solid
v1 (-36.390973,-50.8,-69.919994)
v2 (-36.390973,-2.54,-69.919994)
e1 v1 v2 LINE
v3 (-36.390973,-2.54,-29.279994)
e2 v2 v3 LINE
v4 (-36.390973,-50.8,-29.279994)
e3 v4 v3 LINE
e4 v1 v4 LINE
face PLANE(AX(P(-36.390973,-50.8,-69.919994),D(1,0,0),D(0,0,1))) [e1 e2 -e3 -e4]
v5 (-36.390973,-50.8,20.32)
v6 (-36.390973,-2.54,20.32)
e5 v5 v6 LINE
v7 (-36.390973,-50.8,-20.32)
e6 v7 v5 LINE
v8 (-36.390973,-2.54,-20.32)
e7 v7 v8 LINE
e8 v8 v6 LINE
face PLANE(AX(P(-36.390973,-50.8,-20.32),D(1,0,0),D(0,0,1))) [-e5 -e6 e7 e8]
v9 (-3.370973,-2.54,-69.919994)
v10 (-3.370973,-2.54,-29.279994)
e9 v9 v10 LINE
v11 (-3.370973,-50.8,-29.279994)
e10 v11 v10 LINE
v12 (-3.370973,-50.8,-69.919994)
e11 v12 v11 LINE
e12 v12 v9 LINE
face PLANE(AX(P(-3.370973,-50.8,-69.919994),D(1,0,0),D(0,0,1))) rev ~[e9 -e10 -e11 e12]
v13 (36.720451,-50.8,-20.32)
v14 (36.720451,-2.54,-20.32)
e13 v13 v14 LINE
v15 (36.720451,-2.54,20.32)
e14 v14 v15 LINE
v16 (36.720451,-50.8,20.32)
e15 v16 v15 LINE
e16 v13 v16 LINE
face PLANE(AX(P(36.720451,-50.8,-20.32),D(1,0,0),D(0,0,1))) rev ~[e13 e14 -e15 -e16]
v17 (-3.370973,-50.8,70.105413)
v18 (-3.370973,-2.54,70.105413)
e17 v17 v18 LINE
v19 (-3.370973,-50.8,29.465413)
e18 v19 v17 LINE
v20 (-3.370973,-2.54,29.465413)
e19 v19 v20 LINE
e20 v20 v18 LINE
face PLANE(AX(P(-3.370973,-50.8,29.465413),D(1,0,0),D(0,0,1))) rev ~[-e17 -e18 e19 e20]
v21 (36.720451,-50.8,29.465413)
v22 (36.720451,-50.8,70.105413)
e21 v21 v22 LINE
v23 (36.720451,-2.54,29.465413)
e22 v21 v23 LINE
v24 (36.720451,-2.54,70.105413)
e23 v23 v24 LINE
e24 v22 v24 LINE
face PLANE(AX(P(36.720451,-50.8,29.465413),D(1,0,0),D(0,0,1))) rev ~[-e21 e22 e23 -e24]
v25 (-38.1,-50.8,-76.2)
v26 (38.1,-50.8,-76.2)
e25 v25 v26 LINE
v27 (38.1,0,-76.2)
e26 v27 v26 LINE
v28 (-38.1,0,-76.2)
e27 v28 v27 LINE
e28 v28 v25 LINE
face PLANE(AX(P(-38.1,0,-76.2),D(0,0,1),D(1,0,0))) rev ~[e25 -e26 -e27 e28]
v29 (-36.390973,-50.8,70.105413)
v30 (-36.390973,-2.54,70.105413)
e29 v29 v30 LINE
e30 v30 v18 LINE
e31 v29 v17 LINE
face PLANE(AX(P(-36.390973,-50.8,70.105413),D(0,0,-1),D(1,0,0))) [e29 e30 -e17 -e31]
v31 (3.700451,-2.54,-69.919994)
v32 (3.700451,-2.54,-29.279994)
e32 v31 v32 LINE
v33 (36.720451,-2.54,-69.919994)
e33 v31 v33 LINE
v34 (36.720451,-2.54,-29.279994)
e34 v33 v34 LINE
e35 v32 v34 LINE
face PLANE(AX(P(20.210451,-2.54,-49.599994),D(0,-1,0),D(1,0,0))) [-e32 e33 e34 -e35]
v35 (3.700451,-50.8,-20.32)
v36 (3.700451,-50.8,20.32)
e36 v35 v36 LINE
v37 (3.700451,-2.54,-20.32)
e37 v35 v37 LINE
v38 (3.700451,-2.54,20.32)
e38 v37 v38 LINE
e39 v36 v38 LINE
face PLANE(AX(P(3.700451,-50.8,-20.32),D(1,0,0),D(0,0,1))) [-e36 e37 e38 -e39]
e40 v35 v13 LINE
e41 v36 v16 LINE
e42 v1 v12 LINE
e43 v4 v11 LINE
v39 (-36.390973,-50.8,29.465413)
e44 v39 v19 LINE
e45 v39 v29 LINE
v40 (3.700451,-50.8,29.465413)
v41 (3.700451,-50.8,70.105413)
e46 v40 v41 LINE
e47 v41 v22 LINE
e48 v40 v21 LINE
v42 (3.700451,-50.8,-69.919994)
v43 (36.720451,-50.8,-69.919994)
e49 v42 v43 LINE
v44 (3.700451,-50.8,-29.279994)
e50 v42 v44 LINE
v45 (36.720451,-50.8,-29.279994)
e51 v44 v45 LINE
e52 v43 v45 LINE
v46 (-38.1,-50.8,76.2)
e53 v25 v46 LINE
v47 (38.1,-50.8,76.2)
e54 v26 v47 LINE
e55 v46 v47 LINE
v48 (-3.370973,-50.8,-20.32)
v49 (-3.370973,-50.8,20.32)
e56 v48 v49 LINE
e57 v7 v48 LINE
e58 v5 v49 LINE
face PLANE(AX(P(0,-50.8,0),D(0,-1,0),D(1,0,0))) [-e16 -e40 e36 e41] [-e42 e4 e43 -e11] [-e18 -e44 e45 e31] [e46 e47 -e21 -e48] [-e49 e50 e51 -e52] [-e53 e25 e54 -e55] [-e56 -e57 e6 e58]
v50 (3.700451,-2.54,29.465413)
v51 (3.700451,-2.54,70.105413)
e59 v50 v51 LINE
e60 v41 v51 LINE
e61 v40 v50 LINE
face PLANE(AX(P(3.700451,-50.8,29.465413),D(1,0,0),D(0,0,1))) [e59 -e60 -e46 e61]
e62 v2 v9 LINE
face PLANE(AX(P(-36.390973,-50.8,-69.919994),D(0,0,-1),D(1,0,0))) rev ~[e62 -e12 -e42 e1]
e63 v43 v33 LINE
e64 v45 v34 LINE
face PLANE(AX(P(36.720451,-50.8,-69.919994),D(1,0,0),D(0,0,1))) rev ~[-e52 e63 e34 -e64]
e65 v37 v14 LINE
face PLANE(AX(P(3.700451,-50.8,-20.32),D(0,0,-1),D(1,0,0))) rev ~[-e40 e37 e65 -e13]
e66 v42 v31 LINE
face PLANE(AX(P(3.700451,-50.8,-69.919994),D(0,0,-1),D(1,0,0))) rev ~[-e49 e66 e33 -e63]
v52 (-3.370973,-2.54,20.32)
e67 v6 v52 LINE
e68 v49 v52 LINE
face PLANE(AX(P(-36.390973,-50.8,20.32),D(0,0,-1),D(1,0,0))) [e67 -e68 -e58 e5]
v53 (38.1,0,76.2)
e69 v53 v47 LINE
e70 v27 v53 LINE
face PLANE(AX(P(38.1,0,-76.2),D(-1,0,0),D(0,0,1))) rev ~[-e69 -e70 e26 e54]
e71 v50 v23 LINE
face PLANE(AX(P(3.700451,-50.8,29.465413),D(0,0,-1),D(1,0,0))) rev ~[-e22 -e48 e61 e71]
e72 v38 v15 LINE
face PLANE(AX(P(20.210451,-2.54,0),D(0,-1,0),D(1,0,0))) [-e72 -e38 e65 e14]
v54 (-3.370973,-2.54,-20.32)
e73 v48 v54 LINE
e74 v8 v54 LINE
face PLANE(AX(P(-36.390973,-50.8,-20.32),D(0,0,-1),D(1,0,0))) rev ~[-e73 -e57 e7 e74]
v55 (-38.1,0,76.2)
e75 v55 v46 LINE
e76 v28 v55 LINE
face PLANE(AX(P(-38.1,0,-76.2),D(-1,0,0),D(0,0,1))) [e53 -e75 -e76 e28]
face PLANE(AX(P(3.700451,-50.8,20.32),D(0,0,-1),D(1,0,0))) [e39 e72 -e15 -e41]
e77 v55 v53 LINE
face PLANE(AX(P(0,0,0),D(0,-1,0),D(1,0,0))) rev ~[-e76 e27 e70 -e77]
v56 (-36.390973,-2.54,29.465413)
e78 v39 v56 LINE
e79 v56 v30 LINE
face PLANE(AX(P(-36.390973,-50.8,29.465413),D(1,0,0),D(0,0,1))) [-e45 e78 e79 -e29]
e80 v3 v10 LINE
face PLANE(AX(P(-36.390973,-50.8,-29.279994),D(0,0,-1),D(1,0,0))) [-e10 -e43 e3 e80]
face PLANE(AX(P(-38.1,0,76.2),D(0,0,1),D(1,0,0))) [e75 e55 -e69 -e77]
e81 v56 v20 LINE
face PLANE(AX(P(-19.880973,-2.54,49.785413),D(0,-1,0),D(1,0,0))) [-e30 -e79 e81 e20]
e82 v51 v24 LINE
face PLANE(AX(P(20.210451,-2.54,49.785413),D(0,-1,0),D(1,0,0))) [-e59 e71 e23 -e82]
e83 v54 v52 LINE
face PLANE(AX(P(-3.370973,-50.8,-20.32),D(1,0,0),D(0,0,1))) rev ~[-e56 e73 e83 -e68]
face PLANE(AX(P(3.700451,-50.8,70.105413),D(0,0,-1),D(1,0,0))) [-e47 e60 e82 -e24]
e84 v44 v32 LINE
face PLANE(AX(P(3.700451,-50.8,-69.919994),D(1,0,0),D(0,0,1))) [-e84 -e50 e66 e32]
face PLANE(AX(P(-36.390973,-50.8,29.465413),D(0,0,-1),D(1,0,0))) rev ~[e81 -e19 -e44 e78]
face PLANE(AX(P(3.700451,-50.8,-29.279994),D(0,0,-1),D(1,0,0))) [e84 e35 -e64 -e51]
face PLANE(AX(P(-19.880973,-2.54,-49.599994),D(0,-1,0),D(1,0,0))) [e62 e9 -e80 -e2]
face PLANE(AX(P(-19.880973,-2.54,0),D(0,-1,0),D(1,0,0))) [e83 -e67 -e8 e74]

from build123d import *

# Parameters (mm, degrees)
F0_W     = 76.2
F0_H     = 152.4
F1_DEPTH = 50.8
F2_W     = 33.02
F2_H     = 40.64
F3_DEPTH = 48.26


with BuildPart() as f1:
    # F0 (on Front) → F1 (new body)
    with BuildSketch(Plane.XZ):
        Rectangle(F0_W, F0_H)
    extrude(amount=F1_DEPTH)

    # F2 (on face) → F3 (cut)
    with BuildSketch(Plane.XZ.offset(50.8)):
        with Locations((-19.880973, 49.785413)):
            Rectangle(F2_W, F2_H)
        with Locations((20.210451, 49.785413)):
            Rectangle(F2_W, F2_H)
        with Locations((-19.880973, 0)):
            Rectangle(F2_W, F2_H)
        with Locations((20.210451, 0)):
            Rectangle(F2_W, F2_H)
        with Locations((-19.880973, -49.599994)):
            Rectangle(F2_W, F2_H)
        with Locations((20.210451, -49.599994)):
            Rectangle(F2_W, F2_H)
    extrude(amount=-F3_DEPTH, mode=Mode.SUBTRACT)


solid = f1.part
